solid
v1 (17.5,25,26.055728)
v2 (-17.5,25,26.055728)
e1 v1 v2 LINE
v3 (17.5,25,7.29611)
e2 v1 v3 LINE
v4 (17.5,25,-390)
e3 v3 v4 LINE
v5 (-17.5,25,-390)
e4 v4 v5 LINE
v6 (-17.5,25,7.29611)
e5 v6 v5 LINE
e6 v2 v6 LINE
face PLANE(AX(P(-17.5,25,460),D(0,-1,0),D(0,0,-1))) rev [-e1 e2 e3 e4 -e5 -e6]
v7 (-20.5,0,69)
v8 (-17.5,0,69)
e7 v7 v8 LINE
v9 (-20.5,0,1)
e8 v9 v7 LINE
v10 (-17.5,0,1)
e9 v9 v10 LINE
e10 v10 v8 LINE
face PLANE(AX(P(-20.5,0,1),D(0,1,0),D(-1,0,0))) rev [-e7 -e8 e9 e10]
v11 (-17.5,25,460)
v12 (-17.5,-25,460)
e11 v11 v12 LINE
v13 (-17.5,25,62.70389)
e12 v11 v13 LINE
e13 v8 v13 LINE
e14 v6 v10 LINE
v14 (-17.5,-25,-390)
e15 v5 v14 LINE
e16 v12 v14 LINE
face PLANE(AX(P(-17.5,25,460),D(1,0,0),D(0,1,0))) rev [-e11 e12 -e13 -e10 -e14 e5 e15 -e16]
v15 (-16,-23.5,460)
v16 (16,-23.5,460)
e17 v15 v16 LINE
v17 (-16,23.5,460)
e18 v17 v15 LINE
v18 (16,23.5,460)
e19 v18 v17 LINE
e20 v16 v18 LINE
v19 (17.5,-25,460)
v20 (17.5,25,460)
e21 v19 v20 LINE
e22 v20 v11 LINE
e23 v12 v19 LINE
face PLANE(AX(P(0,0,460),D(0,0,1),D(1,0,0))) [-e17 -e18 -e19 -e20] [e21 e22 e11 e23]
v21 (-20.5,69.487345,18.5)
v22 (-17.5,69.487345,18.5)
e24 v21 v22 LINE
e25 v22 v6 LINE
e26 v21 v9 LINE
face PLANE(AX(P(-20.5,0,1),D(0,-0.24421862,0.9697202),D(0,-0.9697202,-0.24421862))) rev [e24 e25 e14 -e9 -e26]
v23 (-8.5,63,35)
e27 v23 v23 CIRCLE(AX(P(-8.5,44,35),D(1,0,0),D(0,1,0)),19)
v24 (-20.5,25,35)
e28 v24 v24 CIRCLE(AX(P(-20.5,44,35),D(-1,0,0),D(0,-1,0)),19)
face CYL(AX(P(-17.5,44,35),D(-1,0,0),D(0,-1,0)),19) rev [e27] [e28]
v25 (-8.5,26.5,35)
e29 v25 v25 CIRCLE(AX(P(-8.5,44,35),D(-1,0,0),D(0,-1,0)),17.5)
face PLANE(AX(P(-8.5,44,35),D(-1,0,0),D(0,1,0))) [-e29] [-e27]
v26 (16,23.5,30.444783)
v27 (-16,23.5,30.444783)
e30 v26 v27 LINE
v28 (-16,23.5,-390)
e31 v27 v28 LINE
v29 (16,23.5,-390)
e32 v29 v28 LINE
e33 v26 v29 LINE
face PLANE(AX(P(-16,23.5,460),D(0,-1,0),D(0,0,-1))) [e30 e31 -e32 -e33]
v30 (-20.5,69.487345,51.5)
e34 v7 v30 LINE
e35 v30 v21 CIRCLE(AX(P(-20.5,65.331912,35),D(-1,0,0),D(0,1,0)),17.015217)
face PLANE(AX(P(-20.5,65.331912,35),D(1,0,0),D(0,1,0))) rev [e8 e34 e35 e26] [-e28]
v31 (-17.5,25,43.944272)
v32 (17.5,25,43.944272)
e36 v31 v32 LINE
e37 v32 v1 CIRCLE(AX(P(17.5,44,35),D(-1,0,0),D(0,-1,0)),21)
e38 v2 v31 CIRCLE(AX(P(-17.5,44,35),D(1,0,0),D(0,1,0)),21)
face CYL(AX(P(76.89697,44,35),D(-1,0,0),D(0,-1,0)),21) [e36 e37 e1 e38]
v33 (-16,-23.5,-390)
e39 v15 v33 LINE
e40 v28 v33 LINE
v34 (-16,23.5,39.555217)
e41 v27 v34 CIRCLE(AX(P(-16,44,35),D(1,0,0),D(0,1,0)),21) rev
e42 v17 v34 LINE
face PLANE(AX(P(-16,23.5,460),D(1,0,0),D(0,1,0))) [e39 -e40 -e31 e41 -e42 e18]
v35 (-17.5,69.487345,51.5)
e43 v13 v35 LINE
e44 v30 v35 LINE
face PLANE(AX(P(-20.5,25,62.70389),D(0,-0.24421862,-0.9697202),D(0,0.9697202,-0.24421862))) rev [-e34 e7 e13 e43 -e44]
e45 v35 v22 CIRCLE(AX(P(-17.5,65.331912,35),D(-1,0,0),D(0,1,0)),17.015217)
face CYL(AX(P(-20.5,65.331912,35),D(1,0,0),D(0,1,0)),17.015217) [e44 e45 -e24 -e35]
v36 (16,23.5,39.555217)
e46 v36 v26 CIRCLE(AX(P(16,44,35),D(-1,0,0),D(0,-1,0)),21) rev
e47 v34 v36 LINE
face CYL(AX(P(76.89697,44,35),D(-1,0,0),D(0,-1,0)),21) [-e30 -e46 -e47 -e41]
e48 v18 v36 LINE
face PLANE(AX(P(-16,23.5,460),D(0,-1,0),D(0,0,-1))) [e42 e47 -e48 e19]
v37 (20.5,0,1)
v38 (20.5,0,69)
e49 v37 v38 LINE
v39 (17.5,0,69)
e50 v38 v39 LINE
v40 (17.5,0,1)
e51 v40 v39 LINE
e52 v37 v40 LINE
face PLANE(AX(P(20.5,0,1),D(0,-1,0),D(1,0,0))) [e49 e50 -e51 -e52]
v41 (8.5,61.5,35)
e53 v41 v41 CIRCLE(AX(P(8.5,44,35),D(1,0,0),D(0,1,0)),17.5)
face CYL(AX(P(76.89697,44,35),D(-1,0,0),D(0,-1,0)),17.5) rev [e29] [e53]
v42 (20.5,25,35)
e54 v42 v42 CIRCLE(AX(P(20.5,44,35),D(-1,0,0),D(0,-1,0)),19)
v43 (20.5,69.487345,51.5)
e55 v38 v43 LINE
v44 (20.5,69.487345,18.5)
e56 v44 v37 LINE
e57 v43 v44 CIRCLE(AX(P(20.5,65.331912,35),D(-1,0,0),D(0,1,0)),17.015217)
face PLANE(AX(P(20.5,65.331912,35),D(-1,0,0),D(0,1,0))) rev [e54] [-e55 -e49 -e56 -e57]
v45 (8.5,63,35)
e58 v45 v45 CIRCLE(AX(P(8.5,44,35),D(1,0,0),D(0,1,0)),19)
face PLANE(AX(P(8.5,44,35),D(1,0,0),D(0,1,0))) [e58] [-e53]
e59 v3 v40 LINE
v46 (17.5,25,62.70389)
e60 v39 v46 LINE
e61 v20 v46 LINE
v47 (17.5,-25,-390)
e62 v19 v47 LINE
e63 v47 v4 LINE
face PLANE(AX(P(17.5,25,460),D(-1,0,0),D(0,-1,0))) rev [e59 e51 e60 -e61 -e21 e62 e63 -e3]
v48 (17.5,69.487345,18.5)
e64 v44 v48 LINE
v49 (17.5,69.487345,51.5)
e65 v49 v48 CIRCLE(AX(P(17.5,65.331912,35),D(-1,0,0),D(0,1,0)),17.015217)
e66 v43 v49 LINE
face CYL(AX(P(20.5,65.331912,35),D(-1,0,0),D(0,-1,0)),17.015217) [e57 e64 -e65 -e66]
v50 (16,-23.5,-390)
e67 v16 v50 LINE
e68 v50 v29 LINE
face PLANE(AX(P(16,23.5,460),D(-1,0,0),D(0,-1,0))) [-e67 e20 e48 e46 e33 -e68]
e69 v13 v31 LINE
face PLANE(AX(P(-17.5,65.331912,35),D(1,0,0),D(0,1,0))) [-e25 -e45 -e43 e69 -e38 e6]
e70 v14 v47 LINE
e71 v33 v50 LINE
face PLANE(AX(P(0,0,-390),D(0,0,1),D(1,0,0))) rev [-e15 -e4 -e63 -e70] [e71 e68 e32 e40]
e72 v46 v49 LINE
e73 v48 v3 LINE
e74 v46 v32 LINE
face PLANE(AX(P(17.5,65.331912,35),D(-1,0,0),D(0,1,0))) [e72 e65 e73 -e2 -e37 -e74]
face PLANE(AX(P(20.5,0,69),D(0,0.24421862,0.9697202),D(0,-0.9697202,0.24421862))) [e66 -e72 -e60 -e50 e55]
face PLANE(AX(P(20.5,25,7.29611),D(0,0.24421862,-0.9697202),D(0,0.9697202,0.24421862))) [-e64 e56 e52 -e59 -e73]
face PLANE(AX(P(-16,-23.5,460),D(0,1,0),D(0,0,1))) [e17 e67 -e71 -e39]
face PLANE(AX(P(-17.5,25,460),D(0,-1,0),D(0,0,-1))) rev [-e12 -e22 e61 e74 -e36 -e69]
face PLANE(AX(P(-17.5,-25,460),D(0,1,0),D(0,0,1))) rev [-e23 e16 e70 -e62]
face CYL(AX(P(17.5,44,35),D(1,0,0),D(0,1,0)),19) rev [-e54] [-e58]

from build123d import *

# Parameters (mm, degrees)
SKETCH1_W           = 35
SKETCH1_H           = 50
SKETCH1_W_2         = 32
SKETCH1_H_2         = 47
BOSS_EXTRUDE1_DEPTH = 460
BOSS_EXTRUDE2_DEPTH = 3
SKETCH3_R           = 19
CUT_EXTRUDE1_DEPTH  = 3
SKETCH5_R           = 21
SKETCH5_R_2         = 17.5
BOSS_EXTRUDE7_DEPTH = 35
SKETCH6_R           = 19
CUT_EXTRUDE2_DEPTH  = 9
SKETCH1_2_W         = 35
SKETCH1_2_H         = 50
SKETCH1_2_W_2       = 32
SKETCH1_2_H_2       = 47
BOSS_EXTRUDE8_DEPTH = 390


with BuildPart() as part:
    # Sketch1 → Boss-Extrude1 (new body)
    with BuildSketch(Plane.XY):
        Rectangle(SKETCH1_W, SKETCH1_H)
        Rectangle(SKETCH1_W_2, SKETCH1_H_2, mode=Mode.SUBTRACT)
    extrude(amount=BOSS_EXTRUDE1_DEPTH)

    # Sketch2 → Boss-Extrude2 (add)
    with BuildSketch(Plane.ZY.offset(17.5)):
        with BuildLine():
            Line((1, 0), (7.296110466, 25))
            Line((7.296110466, 25), (18.5, 69.487344987))
            ThreePointArc((18.5, 69.487344987), (35, 82.347129464), (51.5, 69.487344987))
            Line((51.5, 69.487344987), (62.703889534, 25))
            Line((62.703889534, 25), (69, 0))
            Line((69, 0), (1, 0))
        make_face()
    boss_extrude2 = extrude(amount=BOSS_EXTRUDE2_DEPTH)

    # Sketch3 → Cut-Extrude1 (cut)
    with BuildSketch(Plane.ZY.offset(20.5)):
        with Locations(Location((35, 44, 0), (0, 0, 270))):
            Circle(SKETCH3_R)
    cut_extrude1 = extrude(amount=-CUT_EXTRUDE1_DEPTH, mode=Mode.SUBTRACT)

    # Mirror1: Boss-Extrude2, Cut-Extrude1 across plane
    add(boss_extrude2.mirror(Plane(origin=(0, 0, 0), x_dir=(0, 0, 1), z_dir=(1, 0, 0))))
    add(cut_extrude1.mirror(Plane(origin=(0, 0, 0), x_dir=(0, 0, 1), z_dir=(1, 0, 0))), mode=Mode.SUBTRACT)

    # Sketch5 → Boss-Extrude7 (add)
    with BuildSketch(Plane(origin=(-17.5, 0, 0), x_dir=(0, 0, -1), z_dir=(1, 0, 0))):
        with Locations((-35, 44)):
            Circle(SKETCH5_R)
        with Locations(Location((-35, 44, 0), (0, 0, 270))):
            Circle(SKETCH5_R_2, mode=Mode.SUBTRACT)
    extrude(amount=BOSS_EXTRUDE7_DEPTH)

    # Sketch6 → Cut-Extrude2 (cut)
    with BuildSketch(Plane(origin=(17.5, 0, 0), x_dir=(0, 0, -1), z_dir=(1, 0, 0))):
        with Locations(Location((-35, 44, 0), (0, 0, 270))):
            Circle(SKETCH6_R)
    cut_extrude2 = extrude(amount=-CUT_EXTRUDE2_DEPTH, mode=Mode.SUBTRACT)

    # Mirror2: Cut-Extrude2 across plane
    add(cut_extrude2.mirror(Plane(origin=(0, 0, 0), x_dir=(0, 0, 1), z_dir=(1, 0, 0))), mode=Mode.SUBTRACT)

    # Sketch1<2> → Boss-Extrude8 (add)
    with BuildSketch(Plane.XY):
        Rectangle(SKETCH1_2_W, SKETCH1_2_H)
        Rectangle(SKETCH1_2_W_2, SKETCH1_2_H_2, mode=Mode.SUBTRACT)
    extrude(amount=-BOSS_EXTRUDE8_DEPTH)


solid = part.part
